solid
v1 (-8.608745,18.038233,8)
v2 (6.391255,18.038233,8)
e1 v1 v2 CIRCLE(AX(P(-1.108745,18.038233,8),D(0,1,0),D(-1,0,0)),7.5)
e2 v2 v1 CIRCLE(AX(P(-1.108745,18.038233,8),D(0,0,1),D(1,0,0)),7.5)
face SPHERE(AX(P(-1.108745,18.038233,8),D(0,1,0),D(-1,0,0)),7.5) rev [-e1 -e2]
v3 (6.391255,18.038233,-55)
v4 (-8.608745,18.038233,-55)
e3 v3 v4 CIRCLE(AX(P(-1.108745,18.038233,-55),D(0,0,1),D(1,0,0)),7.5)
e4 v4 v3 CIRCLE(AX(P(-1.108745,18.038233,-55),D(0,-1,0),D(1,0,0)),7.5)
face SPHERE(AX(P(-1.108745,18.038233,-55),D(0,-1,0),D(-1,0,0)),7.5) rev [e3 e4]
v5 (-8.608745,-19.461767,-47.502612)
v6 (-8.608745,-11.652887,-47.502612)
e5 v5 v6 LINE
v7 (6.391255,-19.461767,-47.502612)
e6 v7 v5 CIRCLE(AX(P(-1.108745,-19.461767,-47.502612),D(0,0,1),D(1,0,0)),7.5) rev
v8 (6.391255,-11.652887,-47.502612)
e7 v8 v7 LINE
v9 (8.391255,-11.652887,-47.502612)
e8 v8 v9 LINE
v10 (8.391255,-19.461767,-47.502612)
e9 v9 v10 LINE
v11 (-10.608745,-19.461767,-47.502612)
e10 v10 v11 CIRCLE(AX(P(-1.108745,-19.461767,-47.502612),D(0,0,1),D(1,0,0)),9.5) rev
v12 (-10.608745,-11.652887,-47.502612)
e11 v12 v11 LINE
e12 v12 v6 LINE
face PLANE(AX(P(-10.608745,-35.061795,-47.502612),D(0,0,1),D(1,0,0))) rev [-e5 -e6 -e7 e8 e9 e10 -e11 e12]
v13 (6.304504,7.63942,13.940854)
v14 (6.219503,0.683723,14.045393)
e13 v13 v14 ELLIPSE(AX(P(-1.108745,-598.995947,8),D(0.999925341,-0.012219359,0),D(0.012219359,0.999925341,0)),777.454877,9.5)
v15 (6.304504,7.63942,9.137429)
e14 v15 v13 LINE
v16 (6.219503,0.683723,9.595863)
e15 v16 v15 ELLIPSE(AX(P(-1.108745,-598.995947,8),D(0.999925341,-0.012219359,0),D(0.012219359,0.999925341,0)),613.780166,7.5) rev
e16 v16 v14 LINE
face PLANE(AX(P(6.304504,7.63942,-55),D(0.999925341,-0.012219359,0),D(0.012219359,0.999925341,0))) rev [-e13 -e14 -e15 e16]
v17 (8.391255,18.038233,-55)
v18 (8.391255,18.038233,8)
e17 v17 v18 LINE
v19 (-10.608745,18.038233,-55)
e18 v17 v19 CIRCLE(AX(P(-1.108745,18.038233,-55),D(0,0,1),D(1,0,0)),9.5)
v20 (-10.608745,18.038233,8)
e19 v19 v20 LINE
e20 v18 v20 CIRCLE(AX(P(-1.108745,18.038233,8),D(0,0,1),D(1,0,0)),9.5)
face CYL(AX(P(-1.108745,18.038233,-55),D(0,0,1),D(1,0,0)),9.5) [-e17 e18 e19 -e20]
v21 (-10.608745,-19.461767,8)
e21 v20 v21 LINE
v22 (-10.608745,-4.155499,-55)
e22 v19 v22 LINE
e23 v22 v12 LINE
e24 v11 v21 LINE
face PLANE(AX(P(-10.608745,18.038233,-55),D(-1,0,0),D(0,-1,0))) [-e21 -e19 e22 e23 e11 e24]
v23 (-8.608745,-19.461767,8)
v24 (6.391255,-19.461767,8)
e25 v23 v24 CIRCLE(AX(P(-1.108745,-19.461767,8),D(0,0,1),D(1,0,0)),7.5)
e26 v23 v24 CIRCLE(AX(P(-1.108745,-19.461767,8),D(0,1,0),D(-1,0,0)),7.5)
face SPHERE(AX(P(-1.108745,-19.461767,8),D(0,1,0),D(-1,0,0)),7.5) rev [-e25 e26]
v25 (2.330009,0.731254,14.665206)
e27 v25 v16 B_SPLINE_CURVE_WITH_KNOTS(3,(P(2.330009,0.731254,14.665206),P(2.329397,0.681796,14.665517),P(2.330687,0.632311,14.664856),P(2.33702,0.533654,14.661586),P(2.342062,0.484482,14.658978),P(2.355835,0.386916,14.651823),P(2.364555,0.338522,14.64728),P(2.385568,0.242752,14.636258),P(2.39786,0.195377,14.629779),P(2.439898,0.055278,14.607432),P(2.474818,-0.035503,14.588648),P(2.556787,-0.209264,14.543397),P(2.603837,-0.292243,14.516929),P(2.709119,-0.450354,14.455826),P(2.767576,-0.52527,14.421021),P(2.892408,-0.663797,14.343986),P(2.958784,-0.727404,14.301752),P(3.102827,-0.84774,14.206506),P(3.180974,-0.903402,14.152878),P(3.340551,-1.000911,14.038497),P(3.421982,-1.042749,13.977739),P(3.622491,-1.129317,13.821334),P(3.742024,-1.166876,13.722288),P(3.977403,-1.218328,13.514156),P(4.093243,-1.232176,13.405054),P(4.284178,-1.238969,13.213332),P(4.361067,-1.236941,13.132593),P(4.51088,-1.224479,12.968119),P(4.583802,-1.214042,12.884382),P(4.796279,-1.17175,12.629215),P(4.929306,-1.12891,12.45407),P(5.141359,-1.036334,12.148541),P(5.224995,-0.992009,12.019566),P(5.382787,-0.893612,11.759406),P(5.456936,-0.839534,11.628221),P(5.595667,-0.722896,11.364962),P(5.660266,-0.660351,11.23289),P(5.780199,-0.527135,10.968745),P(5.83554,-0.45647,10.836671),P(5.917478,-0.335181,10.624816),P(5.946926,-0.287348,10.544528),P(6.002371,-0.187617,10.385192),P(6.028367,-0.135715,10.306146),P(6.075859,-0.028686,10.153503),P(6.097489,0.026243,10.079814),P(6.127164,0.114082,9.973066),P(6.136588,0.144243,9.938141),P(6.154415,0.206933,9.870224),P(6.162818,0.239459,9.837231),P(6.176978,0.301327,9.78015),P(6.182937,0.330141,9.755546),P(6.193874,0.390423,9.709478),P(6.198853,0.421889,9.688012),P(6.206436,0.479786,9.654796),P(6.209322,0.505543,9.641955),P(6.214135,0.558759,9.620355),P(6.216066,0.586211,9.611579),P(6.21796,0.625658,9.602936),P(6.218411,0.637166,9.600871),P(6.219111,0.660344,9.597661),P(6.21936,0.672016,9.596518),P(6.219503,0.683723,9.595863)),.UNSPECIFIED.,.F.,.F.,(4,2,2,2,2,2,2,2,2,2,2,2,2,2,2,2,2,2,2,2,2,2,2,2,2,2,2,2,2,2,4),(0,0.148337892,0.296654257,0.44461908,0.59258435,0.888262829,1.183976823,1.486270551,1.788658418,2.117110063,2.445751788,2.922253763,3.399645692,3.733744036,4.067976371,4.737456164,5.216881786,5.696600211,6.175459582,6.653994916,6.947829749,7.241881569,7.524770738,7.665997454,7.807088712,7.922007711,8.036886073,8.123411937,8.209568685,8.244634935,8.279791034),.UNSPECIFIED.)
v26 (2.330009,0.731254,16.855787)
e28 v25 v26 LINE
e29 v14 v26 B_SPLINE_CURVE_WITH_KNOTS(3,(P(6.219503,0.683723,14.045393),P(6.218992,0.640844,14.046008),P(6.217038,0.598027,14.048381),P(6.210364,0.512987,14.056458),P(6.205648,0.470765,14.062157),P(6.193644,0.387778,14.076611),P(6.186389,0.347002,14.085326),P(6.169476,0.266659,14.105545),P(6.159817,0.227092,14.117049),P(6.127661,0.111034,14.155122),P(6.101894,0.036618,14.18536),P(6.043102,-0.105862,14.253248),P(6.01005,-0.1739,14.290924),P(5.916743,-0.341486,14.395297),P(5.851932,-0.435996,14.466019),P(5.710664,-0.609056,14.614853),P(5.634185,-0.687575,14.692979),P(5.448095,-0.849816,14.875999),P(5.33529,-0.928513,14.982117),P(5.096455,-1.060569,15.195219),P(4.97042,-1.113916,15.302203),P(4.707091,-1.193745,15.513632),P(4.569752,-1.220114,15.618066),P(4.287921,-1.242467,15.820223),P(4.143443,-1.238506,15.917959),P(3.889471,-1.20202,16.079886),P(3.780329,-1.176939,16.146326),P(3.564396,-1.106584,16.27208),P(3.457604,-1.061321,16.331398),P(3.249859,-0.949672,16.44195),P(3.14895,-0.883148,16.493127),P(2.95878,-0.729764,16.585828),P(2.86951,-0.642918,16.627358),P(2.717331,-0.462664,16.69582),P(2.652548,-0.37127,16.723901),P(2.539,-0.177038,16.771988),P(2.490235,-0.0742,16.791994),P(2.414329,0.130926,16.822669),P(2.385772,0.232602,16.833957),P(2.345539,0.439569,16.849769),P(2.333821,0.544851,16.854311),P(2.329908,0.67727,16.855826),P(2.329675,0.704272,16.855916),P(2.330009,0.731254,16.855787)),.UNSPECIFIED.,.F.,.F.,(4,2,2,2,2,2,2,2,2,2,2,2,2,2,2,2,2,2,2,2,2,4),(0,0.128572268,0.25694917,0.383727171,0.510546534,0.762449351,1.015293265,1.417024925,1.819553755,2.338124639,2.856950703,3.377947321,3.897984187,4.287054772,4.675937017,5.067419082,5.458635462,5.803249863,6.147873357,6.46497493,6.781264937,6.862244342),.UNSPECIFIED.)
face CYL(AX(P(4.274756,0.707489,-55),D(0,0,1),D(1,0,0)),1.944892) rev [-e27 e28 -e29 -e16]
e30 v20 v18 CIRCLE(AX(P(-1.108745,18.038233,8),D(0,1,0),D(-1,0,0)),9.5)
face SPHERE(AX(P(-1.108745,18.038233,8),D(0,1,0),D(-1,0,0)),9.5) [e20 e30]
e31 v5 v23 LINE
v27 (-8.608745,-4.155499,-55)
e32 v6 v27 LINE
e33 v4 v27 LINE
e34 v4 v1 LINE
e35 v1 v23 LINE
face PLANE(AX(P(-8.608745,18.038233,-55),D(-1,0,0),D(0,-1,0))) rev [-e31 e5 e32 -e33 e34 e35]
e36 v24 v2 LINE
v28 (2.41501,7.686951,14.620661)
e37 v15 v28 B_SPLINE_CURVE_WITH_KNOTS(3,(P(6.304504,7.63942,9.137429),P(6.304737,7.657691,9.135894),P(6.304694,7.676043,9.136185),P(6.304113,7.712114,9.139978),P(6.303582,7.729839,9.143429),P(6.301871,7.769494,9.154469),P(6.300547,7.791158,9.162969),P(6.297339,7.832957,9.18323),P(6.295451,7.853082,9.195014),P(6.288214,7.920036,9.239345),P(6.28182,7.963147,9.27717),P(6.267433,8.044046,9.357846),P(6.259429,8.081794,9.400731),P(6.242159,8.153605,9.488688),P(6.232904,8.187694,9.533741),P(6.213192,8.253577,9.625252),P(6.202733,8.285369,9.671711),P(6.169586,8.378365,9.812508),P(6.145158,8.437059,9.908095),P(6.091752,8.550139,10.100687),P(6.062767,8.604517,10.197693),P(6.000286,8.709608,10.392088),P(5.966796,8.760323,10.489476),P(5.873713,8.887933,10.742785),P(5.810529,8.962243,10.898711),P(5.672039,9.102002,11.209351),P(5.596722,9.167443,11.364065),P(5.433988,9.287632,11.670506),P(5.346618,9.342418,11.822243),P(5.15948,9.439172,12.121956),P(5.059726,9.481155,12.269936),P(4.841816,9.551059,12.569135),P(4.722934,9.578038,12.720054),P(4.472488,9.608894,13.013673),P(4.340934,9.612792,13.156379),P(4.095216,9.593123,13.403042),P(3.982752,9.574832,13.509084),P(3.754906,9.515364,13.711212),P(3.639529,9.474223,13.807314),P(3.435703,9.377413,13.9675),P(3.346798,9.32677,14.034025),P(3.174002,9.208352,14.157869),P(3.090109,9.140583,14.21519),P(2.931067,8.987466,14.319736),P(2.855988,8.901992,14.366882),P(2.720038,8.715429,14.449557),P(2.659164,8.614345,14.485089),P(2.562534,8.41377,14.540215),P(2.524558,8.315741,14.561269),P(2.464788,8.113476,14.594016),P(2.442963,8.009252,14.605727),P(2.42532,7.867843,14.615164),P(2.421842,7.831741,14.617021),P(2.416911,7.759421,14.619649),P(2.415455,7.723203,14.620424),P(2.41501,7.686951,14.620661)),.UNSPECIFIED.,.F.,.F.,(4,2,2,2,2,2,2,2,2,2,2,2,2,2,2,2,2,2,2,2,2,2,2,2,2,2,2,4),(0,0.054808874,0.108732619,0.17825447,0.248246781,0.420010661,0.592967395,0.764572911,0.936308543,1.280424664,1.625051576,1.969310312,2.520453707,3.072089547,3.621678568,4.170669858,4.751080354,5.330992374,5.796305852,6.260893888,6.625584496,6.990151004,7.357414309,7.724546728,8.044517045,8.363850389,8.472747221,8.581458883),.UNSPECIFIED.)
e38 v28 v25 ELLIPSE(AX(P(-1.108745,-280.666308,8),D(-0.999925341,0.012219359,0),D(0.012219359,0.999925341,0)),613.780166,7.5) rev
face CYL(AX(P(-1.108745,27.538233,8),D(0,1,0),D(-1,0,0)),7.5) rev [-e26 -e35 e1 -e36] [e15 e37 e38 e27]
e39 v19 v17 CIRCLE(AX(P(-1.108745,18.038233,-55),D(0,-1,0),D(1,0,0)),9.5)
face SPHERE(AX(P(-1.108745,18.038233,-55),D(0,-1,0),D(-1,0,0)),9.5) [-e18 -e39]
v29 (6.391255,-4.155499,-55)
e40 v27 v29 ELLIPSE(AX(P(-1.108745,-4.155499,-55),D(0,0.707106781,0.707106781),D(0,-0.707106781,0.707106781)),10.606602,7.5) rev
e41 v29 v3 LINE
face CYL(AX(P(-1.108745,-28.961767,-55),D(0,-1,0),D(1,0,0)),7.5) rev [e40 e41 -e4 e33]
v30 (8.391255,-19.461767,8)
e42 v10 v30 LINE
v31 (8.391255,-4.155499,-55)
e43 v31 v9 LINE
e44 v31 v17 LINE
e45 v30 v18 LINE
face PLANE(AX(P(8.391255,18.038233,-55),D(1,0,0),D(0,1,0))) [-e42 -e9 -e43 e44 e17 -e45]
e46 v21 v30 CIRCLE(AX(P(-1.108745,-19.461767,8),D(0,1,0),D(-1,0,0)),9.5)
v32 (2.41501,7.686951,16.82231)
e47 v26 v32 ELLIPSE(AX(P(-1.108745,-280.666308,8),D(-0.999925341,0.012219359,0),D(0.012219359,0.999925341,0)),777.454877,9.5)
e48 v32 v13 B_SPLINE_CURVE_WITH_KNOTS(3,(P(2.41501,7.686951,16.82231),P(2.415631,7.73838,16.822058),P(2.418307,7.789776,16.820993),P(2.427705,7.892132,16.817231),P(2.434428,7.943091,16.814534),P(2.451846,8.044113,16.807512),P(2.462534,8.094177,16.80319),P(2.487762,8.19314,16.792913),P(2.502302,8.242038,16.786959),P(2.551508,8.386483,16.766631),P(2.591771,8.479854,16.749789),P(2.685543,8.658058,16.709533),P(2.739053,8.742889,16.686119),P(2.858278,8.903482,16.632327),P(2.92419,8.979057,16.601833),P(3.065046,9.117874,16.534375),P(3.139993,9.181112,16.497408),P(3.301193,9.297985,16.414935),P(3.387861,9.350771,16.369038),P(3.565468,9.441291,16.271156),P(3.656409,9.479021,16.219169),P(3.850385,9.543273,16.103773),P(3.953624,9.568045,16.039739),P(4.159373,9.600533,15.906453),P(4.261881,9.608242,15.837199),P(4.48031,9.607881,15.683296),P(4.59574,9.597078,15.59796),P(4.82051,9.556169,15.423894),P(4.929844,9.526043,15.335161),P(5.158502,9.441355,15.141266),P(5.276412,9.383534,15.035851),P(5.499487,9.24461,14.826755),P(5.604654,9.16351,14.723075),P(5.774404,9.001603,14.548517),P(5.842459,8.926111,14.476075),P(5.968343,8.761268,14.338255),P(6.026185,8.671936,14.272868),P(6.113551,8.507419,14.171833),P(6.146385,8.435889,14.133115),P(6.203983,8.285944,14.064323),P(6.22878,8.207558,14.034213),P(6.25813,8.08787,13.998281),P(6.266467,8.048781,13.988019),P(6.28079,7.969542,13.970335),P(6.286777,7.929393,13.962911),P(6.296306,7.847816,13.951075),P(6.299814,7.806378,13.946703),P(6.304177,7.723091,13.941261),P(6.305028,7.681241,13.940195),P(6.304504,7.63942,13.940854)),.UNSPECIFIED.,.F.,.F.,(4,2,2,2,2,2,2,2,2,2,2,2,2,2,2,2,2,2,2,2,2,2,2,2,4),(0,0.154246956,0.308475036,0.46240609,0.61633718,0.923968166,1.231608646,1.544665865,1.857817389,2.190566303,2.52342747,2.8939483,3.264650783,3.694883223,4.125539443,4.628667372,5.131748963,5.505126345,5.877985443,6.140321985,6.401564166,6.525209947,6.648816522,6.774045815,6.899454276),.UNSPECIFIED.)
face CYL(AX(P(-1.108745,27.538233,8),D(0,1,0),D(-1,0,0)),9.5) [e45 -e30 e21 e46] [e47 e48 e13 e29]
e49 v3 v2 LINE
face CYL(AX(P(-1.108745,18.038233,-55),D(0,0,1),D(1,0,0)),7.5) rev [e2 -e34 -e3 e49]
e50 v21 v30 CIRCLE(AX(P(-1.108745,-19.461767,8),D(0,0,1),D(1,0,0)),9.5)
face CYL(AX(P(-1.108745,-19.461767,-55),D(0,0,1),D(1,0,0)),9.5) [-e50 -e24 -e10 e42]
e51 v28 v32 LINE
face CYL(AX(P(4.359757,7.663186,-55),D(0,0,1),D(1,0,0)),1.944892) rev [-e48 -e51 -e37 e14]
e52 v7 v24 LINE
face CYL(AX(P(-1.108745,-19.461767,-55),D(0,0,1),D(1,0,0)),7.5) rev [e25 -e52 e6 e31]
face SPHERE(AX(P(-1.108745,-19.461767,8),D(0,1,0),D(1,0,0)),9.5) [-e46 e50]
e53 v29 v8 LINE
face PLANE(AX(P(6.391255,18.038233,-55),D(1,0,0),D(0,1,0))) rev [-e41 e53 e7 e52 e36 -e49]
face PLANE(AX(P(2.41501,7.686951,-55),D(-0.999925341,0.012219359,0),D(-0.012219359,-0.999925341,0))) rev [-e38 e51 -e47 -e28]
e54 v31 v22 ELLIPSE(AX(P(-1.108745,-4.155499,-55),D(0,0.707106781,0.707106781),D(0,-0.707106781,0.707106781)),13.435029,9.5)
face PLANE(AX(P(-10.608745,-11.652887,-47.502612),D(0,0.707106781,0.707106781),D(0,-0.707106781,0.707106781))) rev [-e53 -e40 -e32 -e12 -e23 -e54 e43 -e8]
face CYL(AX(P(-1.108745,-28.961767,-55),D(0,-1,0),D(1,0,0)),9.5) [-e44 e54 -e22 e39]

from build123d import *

# Parameters (mm, degrees)
EXTRUDE_THIN1_DEPTH      = 8
EXTRUDE_THIN1_DEPTH_BACK = 55
REVOLVE1_ANGLE           = 180
CUT_EXTRUDE1_DEPTH       = 1
CUT_EXTRUDE1_DEPTH_BACK  = 73.5
REVOLVE2_ANGLE           = 180
CUT_EXTRUDE2_DEPTH       = 1.0000001
CUT_EXTRUDE2_DEPTH_BACK  = 20.0000001


with BuildPart() as part:
    # Sketch1 → Extrude-Thin1 (new body, two sides)
    with BuildSketch(Plane.XY) as extrude_thin1_sk:
        with BuildLine():
            Line((-10.608745061, -19.461766721), (-10.608745061, 18.038233279))
            ThreePointArc((-10.608745061, 18.038233279), (-1.108745061, 27.538233279), (8.391254939, 18.038233279))
            Line((8.391254939, 18.038233279), (8.391254939, -19.461766721))
            ThreePointArc((8.391254939, -19.461766721), (-1.108745061, -28.961766721), (-10.608745061, -19.461766721))
        make_face()
        with BuildLine():
            Line((-8.608745061, -19.461766721), (-8.608745061, 18.038233279))
            ThreePointArc((-8.608745061, 18.038233279), (-1.108745061, 25.538233279), (6.391254939, 18.038233279))
            Line((6.391254939, 18.038233279), (6.391254939, -19.461766721))
            ThreePointArc((6.391254939, -19.461766721), (-1.108745061, -26.961766721), (-8.608745061, -19.461766721))
        make_face(mode=Mode.SUBTRACT)
    extrude(amount=EXTRUDE_THIN1_DEPTH)
    extrude(extrude_thin1_sk.sketch, amount=-EXTRUDE_THIN1_DEPTH_BACK)

    # Sketch3 → Revolve1 (revolve)
    with BuildSketch(Plane.XY.offset(8)):
        with BuildLine():
            Line((6.391254939, -19.461766721), (6.391254939, 18.038233279))
            ThreePointArc((6.391254939, 18.038233279), (4.194555798, 23.341534137), (-1.108745061, 25.538233279))
            Line((-1.108745061, 25.538233279), (-1.108745061, 27.538233279))
            ThreePointArc((-1.108745061, 27.538233279), (5.608769361, 24.7557477), (8.391254939, 18.038233279))
            Line((8.391254939, 18.038233279), (8.391254939, -19.461766721))
            ThreePointArc((8.391254939, -19.461766721), (5.608769361, -26.179281143), (-1.108745061, -28.961766721))
            Line((-1.108745061, -28.961766721), (-1.108745061, -26.961766721))
            ThreePointArc((-1.108745061, -26.961766721), (4.194555798, -24.76506758), (6.391254939, -19.461766721))
        make_face()
    revolve(axis=Axis((-1.108745061, 27.538233279, 8), (0, -1, 0)), revolution_arc=REVOLVE1_ANGLE)

    # Sketch4 → Cut-Extrude1 (cut, two sides)
    with BuildSketch(Plane(origin=(-1.108745061, -19.461766721, 17.5), x_dir=(1, 0, 0), z_dir=(0, 0, 1))) as cut_extrude1_sk:
        with BuildLine():
            Line((7.413248602, 27.101186929), (7.328248101, 20.145490054))
            ThreePointArc((7.328248101, 20.145490054), (5.359735954, 18.224508573), (3.438754472, 20.19302072))
            Line((3.438754472, 20.19302072), (3.523754973, 27.148717596))
            ThreePointArc((3.523754973, 27.148717596), (5.492267121, 29.069699077), (7.413248602, 27.101186929))
        make_face()
    extrude(amount=CUT_EXTRUDE1_DEPTH, mode=Mode.SUBTRACT)
    extrude(cut_extrude1_sk.sketch, amount=-CUT_EXTRUDE1_DEPTH_BACK, mode=Mode.SUBTRACT)

    # Sketch5 → Revolve2 (revolve)
    with BuildSketch(Plane(origin=(0, 0, -55), x_dir=(-1, 0, 0), z_dir=(0, 0, -1))):
        with BuildLine():
            Line((-6.391254939, -19.461766721), (-6.391254939, 18.038233279))
            ThreePointArc((-6.391254939, 18.038233279), (-4.194555798, 23.341534137), (1.108745061, 25.538233279))
            Line((1.108745061, 25.538233279), (1.108745061, 27.538233279))
            ThreePointArc((1.108745061, 27.538233279), (-5.608769361, 24.7557477), (-8.391254939, 18.038233279))
            Line((-8.391254939, 18.038233279), (-8.391254939, -19.461766721))
            ThreePointArc((-8.391254939, -19.461766721), (-5.608769361, -26.179281143), (1.108745061, -28.961766721))
            Line((1.108745061, -28.961766721), (1.108745061, -26.961766721))
            ThreePointArc((1.108745061, -26.961766721), (-4.194555798, -24.76506758), (-6.391254939, -19.461766721))
        make_face()
    revolve(axis=Axis((-1.108745061, -28.961766721, -55), (0, 1, 0)), revolution_arc=REVOLVE2_ANGLE)

    # Sketch6 → Cut-Extrude2 (cut, two sides)
    with BuildSketch(Plane(origin=(8.391254939, 0, 0), x_dir=(0, 0, -1), z_dir=(1, 0, 0))) as cut_extrude2_sk:
        Polygon((47.502612286, -35.061794905), (47.502612286, -11.65288681), (66.549267121, 7.393768025), (66.549267121, -35.061794905), align=None)
    extrude(amount=CUT_EXTRUDE2_DEPTH, mode=Mode.SUBTRACT)
    extrude(cut_extrude2_sk.sketch, amount=-CUT_EXTRUDE2_DEPTH_BACK, mode=Mode.SUBTRACT)


solid = part.part
